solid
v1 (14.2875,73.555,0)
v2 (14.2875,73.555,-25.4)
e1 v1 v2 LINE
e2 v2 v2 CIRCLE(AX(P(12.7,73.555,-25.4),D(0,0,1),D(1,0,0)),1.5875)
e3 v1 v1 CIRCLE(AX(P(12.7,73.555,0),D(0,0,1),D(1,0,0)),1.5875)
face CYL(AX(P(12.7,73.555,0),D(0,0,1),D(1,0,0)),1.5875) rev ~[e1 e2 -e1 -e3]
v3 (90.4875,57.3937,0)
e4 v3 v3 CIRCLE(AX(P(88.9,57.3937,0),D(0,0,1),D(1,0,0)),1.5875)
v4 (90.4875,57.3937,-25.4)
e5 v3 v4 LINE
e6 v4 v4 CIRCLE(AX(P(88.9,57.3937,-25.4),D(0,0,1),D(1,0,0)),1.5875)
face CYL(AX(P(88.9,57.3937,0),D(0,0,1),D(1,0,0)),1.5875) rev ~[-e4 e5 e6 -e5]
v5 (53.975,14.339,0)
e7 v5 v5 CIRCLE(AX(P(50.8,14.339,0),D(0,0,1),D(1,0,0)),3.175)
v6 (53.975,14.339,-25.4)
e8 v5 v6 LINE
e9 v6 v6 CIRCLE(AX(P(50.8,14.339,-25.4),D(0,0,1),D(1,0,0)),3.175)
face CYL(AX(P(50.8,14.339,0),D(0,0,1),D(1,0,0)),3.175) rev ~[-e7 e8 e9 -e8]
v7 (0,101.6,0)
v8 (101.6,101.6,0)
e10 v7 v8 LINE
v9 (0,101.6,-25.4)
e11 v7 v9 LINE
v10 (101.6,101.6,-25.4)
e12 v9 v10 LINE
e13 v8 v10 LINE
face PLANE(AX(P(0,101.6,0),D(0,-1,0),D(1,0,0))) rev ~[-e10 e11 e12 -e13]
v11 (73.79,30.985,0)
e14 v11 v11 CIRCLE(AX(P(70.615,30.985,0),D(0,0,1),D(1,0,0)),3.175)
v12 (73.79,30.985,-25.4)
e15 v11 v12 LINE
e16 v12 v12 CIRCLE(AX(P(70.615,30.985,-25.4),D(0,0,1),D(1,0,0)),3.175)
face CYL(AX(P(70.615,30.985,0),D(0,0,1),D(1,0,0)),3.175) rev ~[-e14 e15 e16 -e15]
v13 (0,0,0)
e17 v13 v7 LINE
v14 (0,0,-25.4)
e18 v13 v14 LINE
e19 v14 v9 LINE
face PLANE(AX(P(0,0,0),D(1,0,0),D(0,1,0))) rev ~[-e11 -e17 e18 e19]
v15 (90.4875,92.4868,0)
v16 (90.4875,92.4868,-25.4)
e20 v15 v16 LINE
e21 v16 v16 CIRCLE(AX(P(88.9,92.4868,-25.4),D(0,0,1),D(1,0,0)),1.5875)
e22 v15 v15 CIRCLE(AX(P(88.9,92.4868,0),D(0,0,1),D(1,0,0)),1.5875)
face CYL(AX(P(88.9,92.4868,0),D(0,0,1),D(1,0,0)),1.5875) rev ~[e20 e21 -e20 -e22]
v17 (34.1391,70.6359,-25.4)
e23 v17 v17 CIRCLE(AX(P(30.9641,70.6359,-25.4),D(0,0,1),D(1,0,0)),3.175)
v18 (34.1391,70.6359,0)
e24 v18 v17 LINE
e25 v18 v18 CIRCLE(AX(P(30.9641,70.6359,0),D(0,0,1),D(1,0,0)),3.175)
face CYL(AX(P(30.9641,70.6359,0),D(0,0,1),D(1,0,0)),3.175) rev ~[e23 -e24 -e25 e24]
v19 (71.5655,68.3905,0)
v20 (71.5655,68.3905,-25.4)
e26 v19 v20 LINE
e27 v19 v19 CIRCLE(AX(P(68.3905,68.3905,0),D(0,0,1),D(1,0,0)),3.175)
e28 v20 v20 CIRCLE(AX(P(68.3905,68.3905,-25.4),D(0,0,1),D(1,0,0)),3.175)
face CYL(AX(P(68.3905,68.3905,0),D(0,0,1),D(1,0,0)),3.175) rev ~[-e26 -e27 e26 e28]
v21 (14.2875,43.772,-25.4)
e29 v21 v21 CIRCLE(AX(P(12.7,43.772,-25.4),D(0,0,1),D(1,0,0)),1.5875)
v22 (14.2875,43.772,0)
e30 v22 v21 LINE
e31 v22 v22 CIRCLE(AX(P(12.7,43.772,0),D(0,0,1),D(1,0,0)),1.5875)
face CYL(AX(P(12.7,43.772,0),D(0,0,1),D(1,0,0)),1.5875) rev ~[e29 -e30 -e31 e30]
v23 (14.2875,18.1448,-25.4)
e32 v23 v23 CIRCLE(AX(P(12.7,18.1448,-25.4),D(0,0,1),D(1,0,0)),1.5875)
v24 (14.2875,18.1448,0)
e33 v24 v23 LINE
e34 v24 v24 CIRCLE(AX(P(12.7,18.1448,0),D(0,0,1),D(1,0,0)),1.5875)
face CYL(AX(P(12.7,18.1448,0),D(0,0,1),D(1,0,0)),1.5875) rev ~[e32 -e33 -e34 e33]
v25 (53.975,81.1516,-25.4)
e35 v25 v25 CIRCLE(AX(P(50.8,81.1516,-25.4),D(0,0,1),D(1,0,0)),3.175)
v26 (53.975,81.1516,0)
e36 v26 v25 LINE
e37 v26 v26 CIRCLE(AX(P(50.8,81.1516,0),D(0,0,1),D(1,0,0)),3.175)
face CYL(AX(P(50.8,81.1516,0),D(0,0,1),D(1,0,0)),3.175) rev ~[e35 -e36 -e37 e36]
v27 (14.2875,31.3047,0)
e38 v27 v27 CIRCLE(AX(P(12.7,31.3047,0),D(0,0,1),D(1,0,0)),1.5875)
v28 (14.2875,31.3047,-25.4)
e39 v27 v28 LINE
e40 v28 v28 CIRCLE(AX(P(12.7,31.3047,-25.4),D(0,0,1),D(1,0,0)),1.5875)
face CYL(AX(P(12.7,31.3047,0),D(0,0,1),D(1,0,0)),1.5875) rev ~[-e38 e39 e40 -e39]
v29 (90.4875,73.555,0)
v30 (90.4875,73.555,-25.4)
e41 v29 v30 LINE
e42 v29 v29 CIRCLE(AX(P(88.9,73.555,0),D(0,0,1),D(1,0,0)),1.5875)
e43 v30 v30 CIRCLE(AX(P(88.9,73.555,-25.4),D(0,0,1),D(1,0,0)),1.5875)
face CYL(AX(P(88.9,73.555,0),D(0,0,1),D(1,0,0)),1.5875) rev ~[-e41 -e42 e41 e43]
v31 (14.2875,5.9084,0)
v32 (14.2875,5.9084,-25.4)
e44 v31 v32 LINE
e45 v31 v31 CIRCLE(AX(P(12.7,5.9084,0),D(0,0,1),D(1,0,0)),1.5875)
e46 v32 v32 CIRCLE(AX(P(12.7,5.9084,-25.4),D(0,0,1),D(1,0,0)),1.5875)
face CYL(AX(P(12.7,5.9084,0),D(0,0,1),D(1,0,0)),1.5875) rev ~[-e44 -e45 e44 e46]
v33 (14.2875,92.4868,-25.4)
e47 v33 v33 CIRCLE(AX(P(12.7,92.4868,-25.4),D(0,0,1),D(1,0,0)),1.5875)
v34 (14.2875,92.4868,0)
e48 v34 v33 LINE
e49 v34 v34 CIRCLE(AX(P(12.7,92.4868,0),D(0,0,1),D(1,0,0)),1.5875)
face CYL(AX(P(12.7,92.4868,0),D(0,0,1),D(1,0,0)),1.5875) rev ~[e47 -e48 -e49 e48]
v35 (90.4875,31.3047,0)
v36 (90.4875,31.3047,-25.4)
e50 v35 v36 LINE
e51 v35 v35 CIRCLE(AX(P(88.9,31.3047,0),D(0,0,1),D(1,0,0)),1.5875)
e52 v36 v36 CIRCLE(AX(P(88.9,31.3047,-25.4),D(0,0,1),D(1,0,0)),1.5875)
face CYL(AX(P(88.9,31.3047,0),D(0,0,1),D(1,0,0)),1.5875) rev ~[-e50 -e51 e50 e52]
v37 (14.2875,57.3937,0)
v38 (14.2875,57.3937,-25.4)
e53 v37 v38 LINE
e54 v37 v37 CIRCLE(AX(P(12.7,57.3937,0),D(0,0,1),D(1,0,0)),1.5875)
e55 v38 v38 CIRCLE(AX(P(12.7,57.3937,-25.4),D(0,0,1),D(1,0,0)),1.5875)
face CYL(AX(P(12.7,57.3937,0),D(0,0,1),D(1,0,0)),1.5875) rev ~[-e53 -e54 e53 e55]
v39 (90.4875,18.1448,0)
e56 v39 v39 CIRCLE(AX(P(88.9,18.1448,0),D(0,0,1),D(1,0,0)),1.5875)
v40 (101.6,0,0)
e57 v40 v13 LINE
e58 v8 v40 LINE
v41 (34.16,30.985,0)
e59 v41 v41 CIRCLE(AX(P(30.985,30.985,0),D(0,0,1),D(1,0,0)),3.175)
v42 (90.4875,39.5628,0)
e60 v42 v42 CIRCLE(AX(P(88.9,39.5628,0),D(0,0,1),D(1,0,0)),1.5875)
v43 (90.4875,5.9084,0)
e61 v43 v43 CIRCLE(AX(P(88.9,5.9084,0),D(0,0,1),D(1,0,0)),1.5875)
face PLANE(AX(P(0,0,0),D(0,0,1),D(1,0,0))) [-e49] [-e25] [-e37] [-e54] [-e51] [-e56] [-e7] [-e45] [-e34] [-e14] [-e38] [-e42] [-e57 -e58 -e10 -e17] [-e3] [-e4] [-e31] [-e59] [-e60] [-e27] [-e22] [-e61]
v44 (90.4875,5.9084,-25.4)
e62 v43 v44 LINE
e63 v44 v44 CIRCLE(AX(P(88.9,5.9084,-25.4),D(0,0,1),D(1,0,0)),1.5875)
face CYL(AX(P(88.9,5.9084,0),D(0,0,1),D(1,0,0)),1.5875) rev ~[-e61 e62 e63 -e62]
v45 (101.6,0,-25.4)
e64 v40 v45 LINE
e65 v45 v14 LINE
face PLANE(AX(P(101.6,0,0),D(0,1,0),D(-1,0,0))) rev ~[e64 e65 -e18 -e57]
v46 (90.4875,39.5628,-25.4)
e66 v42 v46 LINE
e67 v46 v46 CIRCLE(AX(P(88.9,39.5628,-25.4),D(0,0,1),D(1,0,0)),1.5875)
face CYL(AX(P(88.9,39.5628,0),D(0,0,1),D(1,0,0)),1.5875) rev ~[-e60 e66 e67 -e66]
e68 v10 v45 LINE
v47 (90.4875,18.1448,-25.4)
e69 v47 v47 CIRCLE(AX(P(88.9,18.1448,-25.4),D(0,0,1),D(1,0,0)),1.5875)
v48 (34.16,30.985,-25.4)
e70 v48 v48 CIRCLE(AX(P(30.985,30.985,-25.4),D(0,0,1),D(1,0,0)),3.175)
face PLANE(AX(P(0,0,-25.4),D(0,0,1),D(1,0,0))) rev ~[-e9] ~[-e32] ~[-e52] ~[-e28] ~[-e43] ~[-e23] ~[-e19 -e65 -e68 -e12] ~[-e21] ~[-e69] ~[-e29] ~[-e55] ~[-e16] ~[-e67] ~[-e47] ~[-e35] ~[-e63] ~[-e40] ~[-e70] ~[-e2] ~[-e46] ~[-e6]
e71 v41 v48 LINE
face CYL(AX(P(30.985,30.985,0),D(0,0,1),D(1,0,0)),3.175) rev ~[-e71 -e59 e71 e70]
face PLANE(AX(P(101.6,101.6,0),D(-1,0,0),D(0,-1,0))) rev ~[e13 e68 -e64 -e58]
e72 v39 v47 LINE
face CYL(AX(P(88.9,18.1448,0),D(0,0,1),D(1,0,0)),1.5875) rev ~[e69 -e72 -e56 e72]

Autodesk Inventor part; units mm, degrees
ref_plane "YZ Plane" through (0, 0, 0) normal (1, 0, 0) x (0, 1, 0)
ref_plane "XZ Plane" through (0, 0, 0) normal (0, 1, 0) x (-1, 0, 0)
ref_plane "XY Plane" through (0, 0, 0) normal (0, 0, 1) x (1, 0, 0)
sketch "Sketch1" plane through (0, 0, 0) normal (0, 0, 1) x (1, 0, 0)
  line L0 (0, 0) -> (0, 101.6)
  line L1 (0, 101.6) -> (101.6, 101.6)
  line L2 (101.6, 101.6) -> (101.6, 0)
  line L3 (101.6, 0) -> (0, 0)
  circle A0 centre (12.7, 92.4868) radius 1.5875
  circle A1 centre (12.7, 73.555) radius 1.5875
  circle A2 centre (12.7, 57.3937) radius 1.5875
  circle A3 centre (12.7, 43.772) radius 1.5875
  circle A4 centre (12.7, 31.3047) radius 1.5875
  circle A5 centre (12.7, 18.1448) radius 1.5875
  circle A6 centre (12.7, 5.9084) radius 1.5875
  circle A7 centre (88.9, 92.4868) radius 1.5875
  circle A8 centre (88.9, 73.555) radius 1.5875
  circle A9 centre (88.9, 57.3937) radius 1.5875
  circle A10 centre (88.9, 39.5628) radius 1.5875
  circle A11 centre (88.9, 31.3047) radius 1.5875
  circle A12 centre (88.9, 18.1448) radius 1.5875
  circle A13 centre (88.9, 5.9084) radius 1.5875
  circle A14 centre (50.8, 81.1516) radius 3.175
  circle A15 centre (30.9641, 70.6359) radius 3.175
  circle A16 centre (30.985, 30.985) radius 3.175
  circle A17 centre (50.8, 14.339) radius 3.175
  circle A18 centre (70.615, 30.985) radius 3.175
  circle A19 centre (68.3905, 68.3905) radius 3.175
  line L4 (0, 101.6) -> (101.6, 0) construction
  line L5 (0, 0) -> (101.6, 101.6) construction
  line L6 (0, 50.8) -> (101.6, 50.8) construction
  line L7 (50.8, 50.8) -> (50.8, 101.6) construction
  line L8 (50.8, 50.8) -> (50.8, 0) construction
  dimension "d0" = 101.6
  dimension "d1" = 101.6
  dimension "d2" = 3.175
  dimension "d3" = 3.175
  dimension "d4" = 3.175
  dimension "d5" = 3.175
  dimension "d6" = 3.175
  dimension "d7" = 3.175
  dimension "d8" = 3.175
  dimension "d9" = 12.7
  dimension "d10" = 12.7
  dimension "d11" = 12.7
  dimension "d12" = 12.7
  dimension "d13" = 12.7
  dimension "d14" = 12.7
  dimension "d15" = 12.7
  dimension "d18" = 3.175
  dimension "d19" = 3.175
  dimension "d20" = 3.175
  dimension "d21" = 3.175
  dimension "d22" = 3.175
  dimension "d23" = 3.175
  dimension "d24" = 3.175
  dimension "d25" = 12.7
  dimension "d26" = 12.7
  dimension "d27" = 12.7
  dimension "d28" = 12.7
  dimension "d29" = 12.7
  dimension "d30" = 12.7
  dimension "d31" = 12.7
  dimension "d58" = 6.35
  dimension "d59" = 6.35
  dimension "d60" = 6.35
  dimension "d61" = 6.35
  dimension "d62" = 6.35
  dimension "d63" = 6.35
extrude "Extrusion1" add sketch "Sketch1" against normal blind 25.4 contours L0 L1 L2 L3 | A7 | A8 | A9 | A10 | A11 | A12 | A13 | A14 | A15 | A16 | A17 | A18 | A19
extrude "Extrusion2" cut sketch "Sketch1" against normal blind 25.4 contours A7
extrude "Extrusion3" cut sketch "Sketch1" against normal blind 25.4 contours A8
extrude "Extrusion4" cut sketch "Sketch1" against normal blind 25.4 contours A9
extrude "Extrusion5" cut sketch "Sketch1" against normal blind 25.4 contours A10
extrude "Extrusion6" cut sketch "Sketch1" against normal blind 25.4 contours A11
extrude "Extrusion7" cut sketch "Sketch1" against normal blind 25.4 contours A12
extrude "Extrusion8" cut sketch "Sketch1" against normal blind 25.4 contours A13
extrude "Extrusion9" cut sketch "Sketch1" against normal blind 25.4 contours A15
extrude "Extrusion10" cut sketch "Sketch1" against normal blind 25.4 contours A16
extrude "Extrusion11" cut sketch "Sketch1" against normal blind 25.4 contours A14
extrude "Extrusion12" cut sketch "Sketch1" against normal blind 25.4 contours A19
extrude "Extrusion13" cut sketch "Sketch1" against normal blind 25.4 contours A18
extrude "Extrusion14" cut sketch "Sketch1" against normal blind 25.4 contours A17
properties part number "PopQuiz"
